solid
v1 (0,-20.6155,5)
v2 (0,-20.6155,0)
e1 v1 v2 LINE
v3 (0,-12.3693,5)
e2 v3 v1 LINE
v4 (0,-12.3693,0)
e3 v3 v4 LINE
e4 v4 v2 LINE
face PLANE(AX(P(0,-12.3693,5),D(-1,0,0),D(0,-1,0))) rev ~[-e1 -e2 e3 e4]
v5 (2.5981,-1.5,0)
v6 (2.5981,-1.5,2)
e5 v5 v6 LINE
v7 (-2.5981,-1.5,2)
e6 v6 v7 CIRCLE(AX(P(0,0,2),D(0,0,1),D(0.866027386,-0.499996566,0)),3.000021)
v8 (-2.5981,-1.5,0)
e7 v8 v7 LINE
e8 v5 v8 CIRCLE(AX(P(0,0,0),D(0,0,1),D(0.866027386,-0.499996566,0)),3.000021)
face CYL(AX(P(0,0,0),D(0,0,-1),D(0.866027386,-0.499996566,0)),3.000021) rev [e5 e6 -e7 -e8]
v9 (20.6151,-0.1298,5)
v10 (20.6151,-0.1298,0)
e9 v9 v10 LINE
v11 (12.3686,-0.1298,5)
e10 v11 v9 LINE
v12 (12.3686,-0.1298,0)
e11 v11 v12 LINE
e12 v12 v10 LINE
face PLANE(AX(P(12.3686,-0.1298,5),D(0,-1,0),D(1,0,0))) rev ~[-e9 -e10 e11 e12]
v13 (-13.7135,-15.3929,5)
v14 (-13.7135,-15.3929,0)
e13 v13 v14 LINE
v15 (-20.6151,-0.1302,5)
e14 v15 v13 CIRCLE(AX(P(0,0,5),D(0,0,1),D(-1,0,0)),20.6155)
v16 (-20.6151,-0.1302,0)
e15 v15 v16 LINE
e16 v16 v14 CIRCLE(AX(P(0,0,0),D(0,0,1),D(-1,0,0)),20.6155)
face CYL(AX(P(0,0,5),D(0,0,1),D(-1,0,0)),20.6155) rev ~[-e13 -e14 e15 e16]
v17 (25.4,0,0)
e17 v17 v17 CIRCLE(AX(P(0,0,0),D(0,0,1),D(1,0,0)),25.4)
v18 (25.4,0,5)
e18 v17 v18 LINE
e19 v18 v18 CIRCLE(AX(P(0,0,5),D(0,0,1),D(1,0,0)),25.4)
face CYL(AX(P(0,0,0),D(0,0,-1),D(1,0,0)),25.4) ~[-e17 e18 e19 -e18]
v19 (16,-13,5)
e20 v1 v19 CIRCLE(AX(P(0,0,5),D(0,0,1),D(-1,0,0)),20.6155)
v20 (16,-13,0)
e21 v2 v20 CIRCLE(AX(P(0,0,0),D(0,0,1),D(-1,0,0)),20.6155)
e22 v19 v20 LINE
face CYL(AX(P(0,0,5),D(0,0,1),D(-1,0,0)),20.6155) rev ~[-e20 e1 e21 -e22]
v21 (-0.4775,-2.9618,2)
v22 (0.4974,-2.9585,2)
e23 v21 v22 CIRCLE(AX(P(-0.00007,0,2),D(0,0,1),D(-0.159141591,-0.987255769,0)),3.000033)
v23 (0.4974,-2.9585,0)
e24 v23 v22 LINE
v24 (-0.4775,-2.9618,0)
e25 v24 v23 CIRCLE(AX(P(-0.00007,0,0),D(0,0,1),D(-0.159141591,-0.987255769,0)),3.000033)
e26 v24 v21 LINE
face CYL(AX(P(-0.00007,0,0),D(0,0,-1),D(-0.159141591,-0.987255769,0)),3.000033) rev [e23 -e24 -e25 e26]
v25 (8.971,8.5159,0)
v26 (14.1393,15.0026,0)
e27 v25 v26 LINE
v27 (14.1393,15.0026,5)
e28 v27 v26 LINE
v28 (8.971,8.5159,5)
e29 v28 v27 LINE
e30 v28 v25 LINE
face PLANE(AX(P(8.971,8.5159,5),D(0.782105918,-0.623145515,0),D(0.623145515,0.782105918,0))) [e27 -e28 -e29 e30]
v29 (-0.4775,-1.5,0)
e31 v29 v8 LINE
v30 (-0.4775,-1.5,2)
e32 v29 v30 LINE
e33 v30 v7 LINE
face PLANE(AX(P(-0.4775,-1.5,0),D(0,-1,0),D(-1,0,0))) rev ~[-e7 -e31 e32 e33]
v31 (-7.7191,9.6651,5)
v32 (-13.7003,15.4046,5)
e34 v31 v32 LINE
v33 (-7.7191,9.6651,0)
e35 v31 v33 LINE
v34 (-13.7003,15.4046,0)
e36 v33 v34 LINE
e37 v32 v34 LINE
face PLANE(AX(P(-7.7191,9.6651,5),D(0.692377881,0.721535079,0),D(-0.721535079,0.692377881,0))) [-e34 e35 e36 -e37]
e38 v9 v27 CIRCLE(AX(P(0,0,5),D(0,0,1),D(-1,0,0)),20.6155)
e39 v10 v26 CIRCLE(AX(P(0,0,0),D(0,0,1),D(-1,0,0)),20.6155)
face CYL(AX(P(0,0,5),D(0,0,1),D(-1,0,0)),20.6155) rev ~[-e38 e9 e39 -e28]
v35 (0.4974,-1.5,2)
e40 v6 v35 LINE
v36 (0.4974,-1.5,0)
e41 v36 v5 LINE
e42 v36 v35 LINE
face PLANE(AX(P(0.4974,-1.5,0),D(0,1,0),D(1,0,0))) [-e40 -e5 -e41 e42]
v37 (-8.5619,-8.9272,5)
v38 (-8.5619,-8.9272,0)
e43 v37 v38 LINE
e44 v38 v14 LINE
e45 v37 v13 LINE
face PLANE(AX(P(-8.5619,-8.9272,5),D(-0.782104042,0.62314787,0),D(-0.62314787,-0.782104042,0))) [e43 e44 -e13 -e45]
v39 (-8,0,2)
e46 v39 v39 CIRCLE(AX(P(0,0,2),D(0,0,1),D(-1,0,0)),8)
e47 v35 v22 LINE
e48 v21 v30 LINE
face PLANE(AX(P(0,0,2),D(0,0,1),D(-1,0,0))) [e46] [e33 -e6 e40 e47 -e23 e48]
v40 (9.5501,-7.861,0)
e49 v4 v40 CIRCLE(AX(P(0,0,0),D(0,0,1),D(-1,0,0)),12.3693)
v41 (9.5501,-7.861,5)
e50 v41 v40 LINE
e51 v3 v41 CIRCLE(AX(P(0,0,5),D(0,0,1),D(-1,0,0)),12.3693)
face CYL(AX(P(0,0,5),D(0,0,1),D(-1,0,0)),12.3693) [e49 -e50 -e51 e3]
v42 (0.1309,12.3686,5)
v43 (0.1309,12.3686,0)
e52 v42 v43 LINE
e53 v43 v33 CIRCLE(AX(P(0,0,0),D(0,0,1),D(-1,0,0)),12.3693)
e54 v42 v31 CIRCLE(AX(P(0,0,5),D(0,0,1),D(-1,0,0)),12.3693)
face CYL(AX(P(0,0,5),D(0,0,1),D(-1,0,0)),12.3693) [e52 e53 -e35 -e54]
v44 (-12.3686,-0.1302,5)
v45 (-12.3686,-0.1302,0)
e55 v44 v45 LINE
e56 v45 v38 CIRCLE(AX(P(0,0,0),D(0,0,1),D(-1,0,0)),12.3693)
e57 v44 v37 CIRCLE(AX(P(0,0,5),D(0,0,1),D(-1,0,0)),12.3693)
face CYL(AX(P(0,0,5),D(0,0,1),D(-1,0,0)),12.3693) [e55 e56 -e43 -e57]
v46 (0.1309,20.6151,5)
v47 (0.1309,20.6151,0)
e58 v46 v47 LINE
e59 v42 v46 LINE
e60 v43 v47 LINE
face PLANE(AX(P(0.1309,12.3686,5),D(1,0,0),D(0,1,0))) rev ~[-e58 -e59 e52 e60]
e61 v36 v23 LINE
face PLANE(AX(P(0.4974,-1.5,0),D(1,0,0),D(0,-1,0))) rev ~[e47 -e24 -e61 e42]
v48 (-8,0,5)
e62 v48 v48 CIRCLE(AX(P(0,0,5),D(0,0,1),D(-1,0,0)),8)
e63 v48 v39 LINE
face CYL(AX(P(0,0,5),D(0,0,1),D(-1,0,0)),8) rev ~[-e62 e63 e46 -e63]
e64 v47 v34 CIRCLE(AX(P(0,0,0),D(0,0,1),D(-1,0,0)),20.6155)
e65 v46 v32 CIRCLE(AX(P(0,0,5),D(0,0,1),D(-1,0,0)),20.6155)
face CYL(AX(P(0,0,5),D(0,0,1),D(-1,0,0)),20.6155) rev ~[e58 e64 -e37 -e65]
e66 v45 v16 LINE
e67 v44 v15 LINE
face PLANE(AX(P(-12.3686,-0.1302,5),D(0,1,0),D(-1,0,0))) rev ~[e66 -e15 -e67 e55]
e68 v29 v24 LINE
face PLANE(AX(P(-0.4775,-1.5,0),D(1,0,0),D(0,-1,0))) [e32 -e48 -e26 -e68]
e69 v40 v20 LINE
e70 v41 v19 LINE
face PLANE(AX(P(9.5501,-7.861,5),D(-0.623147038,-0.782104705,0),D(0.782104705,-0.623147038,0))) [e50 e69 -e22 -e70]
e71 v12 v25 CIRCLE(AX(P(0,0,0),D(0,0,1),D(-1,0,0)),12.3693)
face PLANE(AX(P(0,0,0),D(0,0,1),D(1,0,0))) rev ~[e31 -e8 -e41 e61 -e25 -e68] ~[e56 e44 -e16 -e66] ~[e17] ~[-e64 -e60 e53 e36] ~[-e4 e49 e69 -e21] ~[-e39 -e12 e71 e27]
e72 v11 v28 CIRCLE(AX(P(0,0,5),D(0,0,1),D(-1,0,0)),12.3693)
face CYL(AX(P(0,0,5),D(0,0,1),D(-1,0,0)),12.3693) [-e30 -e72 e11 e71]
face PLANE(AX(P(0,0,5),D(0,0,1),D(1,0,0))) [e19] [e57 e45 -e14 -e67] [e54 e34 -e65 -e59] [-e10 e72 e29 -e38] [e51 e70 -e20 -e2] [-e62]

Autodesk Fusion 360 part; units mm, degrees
sketch "Sketch1" plane through (0, 0, 0) normal (0, 0, 1) x (1, 0, 0)
  circle A0 centre (0, 0) radius 25.4
  line L0 (-0.4775, -1.5) -> (-2.5981, -1.5)
  line L1 (0.4974, -1.5) -> (2.5981, -1.5)
  line L2 (-0.4775, -1.5) -> (-0.4775, -2.9618)
  line L3 (0.4974, -1.5) -> (0.4974, -2.9585)
  arc A1 (-0.4775, -2.9618) -> (0.4974, -2.9585) centre (0, 0) ccw
  arc A2 (2.5981, -1.5) -> (-2.5981, -1.5) centre (0, 0) ccw
  dimension "d1" = 6
  dimension "d2" = 50.8
extrude "Extrude1" add sketch "Sketch1" along normal blind 5
sketch "Sketch2" plane through (0, 0, 5) normal (0, 0, 1) x (-1, 0, 0)
  line L0 (-2.5981, 1.5) -> (-0.4974, 1.5)
  line L1 (-0.4974, 1.5) -> (-0.4974, 2.9585)
  arc A0 (0.4775, 2.9618) -> (-0.4974, 2.9585) centre (0, 0) ccw
  line L2 (0.4775, 2.9618) -> (0.4775, 1.5)
  line L3 (0.4775, 1.5) -> (2.5981, 1.5)
  arc A1 (-2.5981, 1.5) -> (2.5981, 1.5) centre (0, 0) ccw
  circle A2 centre (0, 0) radius 25.4
  circle A3 centre (0, 0) radius 8
  dimension "d6" = 16
extrude "Extrude2" cut sketch "Sketch2" against normal blind 3 contours A3
sketch "Sketch3" plane through (0, 0, 5) normal (0, 0, 1) x (-1, 0, 0)
  circle A0 centre (0, 0) radius 8
  circle A1 centre (0, 0) radius 25.4
  circle A2 centre (0, 0) radius 12.3693
  circle A3 centre (0, 0) radius 20.6155
  line L0 (12.3686, 0.1302) -> (20.6151, 0.1302)
  line L1 (7.7191, -9.6651) -> (13.7003, -15.4046)
  line L2 (-0.1309, -12.3686) -> (-0.1309, -20.6151)
  line L3 (-12.3686, 0.1298) -> (-20.6151, 0.1298)
  line L4 (0, 12.3693) -> (0, 20.6155)
  line L5 (8.5619, 8.9272) -> (13.7135, 15.3929)
  line L6 (-9.5501, 7.861) -> (-16, 13)
  line L7 (-8.971, -8.5159) -> (-14.1393, -15.0026)
extrude "Extrude3" cut sketch "Sketch3" against normal blind 5 contours A2 A3 L0 L5 | A2 A3 L1 L2 | A2 A3 L4 L6 | A2 A3 L3 L7
